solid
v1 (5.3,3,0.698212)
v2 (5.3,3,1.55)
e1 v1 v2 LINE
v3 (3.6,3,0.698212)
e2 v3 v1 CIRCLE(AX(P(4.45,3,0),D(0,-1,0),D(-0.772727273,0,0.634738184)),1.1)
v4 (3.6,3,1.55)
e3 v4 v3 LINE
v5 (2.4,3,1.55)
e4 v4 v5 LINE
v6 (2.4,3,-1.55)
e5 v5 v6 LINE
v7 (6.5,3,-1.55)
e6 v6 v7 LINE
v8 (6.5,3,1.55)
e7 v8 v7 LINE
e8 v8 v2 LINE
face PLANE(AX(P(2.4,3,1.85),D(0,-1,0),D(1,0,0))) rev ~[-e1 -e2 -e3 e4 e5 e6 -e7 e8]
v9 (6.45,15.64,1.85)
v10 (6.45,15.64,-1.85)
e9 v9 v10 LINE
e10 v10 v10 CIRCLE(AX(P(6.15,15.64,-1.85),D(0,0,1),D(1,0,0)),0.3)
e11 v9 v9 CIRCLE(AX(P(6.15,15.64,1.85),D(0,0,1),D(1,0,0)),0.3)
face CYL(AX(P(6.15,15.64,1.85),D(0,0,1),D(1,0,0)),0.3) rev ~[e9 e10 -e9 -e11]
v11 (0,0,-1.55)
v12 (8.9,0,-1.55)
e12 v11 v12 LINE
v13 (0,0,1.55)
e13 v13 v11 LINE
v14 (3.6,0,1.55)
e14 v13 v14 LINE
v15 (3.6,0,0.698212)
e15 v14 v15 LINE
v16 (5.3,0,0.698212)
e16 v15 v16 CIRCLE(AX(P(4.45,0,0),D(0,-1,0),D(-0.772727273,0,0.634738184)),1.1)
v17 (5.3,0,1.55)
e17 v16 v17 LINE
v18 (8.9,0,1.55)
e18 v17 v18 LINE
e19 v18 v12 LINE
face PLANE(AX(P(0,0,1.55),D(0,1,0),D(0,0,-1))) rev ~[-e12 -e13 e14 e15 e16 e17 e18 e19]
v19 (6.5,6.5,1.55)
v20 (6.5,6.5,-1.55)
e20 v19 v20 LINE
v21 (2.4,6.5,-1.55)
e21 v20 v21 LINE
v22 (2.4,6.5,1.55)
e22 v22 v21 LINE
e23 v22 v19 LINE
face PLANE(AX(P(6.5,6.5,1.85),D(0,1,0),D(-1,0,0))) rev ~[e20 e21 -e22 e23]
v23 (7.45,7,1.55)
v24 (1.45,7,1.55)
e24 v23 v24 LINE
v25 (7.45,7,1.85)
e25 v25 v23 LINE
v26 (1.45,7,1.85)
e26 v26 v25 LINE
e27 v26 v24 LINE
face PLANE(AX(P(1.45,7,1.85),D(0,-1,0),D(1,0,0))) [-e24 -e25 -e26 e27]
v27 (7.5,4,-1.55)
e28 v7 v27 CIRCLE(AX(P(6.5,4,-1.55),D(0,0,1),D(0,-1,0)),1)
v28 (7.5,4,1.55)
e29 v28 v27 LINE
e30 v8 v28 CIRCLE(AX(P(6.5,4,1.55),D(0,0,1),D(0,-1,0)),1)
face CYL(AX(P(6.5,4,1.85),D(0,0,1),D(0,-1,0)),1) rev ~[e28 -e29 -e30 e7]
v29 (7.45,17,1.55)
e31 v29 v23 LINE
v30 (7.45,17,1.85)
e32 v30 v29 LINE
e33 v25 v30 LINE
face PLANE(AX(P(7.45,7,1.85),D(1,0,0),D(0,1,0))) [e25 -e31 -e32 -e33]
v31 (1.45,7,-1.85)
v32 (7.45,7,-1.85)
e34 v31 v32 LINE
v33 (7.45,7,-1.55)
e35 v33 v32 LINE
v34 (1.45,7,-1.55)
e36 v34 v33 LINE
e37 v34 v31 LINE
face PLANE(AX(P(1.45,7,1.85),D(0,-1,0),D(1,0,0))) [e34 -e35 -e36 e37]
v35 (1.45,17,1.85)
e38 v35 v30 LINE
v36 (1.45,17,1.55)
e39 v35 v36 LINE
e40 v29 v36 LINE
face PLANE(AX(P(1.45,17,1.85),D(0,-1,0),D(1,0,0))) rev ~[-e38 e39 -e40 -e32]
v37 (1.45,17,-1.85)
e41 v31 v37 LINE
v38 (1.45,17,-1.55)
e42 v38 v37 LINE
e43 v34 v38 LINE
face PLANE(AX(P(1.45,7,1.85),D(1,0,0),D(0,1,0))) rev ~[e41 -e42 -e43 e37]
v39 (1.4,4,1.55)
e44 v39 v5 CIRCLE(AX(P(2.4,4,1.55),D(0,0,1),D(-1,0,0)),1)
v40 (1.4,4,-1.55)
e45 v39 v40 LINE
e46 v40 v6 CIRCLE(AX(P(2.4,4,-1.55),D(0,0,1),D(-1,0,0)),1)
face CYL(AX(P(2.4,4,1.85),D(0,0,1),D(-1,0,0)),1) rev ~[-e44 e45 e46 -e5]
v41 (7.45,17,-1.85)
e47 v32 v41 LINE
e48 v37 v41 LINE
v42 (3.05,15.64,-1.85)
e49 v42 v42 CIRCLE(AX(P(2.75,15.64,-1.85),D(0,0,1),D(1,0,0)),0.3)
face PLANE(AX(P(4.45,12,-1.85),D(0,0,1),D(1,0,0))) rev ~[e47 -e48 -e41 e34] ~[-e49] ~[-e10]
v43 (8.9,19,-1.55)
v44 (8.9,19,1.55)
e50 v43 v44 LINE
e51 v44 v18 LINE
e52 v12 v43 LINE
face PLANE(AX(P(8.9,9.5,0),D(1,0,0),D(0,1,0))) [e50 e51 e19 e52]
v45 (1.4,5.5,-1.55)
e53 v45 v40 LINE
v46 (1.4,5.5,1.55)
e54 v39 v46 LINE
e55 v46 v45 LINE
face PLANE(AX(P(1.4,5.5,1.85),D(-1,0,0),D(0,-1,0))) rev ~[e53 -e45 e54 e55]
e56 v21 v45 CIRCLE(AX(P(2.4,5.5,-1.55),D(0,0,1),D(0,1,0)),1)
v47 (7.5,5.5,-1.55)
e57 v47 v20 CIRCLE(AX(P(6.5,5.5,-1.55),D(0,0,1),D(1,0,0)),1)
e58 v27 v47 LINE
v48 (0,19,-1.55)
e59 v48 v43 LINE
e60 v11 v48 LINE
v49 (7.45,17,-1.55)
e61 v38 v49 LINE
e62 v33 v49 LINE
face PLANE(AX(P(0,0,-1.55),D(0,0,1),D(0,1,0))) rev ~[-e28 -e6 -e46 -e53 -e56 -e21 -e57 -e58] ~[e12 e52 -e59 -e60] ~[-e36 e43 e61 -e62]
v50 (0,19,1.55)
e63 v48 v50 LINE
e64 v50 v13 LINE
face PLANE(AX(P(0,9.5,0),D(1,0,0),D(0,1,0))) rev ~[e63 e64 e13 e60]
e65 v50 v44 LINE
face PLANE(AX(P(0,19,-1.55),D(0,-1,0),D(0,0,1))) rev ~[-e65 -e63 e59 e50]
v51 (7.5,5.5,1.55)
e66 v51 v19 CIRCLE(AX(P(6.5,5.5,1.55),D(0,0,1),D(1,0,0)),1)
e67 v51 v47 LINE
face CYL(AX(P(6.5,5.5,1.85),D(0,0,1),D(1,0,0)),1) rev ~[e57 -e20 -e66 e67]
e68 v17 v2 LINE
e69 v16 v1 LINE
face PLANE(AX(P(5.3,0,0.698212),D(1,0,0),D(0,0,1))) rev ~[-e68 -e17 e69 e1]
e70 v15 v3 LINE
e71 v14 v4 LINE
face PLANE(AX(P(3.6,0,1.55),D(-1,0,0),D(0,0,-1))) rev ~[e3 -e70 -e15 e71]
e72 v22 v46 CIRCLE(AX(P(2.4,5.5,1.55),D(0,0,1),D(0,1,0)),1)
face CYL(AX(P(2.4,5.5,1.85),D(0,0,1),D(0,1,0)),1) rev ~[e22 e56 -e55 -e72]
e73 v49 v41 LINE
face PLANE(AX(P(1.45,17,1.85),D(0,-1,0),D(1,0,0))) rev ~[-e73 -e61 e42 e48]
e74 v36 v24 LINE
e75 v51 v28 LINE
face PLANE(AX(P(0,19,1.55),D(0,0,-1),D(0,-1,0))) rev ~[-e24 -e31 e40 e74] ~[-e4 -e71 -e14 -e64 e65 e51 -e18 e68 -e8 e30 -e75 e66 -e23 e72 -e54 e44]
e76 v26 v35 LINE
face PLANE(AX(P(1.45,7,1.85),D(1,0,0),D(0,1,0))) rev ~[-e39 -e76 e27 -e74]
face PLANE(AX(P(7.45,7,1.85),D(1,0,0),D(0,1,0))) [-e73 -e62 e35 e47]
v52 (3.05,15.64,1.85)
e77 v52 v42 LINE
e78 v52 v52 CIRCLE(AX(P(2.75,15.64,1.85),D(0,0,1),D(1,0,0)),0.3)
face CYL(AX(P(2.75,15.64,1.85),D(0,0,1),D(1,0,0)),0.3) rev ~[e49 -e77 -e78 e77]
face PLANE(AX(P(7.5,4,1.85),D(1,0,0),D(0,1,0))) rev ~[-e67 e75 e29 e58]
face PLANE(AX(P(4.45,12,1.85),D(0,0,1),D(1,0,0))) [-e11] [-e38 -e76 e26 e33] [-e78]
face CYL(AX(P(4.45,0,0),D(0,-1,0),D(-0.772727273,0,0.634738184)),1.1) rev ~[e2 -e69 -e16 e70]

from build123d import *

# Parameters (mm, degrees)
F4_DEPTH  = 8.9
F6_W      = 6
F6_H      = 10
F7_DEPTH  = 3.7
F8_R      = 0.3
F9_DEPTH  = 3.701
F11_DEPTH = 3


with BuildPart() as f4:
    # F3 (on Right) → F4 (new body)
    with BuildSketch(Plane.YZ):
        Polygon((0, 1.55), (0, 0), (0, -1.55), (19, -1.55), (19, 0), (19, 1.55), align=None)
    extrude(amount=F4_DEPTH)

    # F6 (on offset) → F7 (join)
    with BuildSketch(Plane.XY.offset(1.85)):
        with Locations((4.45, 12)):
            Rectangle(F6_W, F6_H)
    extrude(amount=-F7_DEPTH)

    # F8 (on offset) → F9 (cut, through all)
    with BuildSketch(Plane.XY.offset(1.85)):
        with BuildLine():
            ThreePointArc((1.4, 4), (1.6928932188, 3.2928932188), (2.4, 3))
            Line((2.4, 3), (6.5, 3))
            ThreePointArc((6.5, 3), (7.2071067812, 3.2928932188), (7.5, 4))
            Line((7.5, 4), (7.5, 5.5))
            ThreePointArc((7.5, 5.5), (7.2071067812, 6.2071067812), (6.5, 6.5))
            Line((6.5, 6.5), (2.4, 6.5))
            ThreePointArc((2.4, 6.5), (1.6928932188, 6.2071067812), (1.4, 5.5))
            Line((1.4, 5.5), (1.4, 4))
        make_face()
        with Locations((2.75, 15.64)):
            Circle(F8_R)
        with Locations((6.15, 15.64)):
            Circle(F8_R)
    extrude(amount=-F9_DEPTH, mode=Mode.SUBTRACT)

    # F10 (on face) → F11 (cut, through all)
    with BuildSketch(Plane.XZ):
        with BuildLine():
            Line((5.3, 1.55), (3.6, 1.55))
            Line((3.6, 1.55), (3.6, 0.6982120022))
            ThreePointArc((3.6, 0.6982120022), (4.45, -1.1), (5.3, 0.6982120022))
            Line((5.3, 0.6982120022), (5.3, 1.55))
        make_face()
    extrude(amount=-F11_DEPTH, mode=Mode.SUBTRACT)


solid = f4.part
